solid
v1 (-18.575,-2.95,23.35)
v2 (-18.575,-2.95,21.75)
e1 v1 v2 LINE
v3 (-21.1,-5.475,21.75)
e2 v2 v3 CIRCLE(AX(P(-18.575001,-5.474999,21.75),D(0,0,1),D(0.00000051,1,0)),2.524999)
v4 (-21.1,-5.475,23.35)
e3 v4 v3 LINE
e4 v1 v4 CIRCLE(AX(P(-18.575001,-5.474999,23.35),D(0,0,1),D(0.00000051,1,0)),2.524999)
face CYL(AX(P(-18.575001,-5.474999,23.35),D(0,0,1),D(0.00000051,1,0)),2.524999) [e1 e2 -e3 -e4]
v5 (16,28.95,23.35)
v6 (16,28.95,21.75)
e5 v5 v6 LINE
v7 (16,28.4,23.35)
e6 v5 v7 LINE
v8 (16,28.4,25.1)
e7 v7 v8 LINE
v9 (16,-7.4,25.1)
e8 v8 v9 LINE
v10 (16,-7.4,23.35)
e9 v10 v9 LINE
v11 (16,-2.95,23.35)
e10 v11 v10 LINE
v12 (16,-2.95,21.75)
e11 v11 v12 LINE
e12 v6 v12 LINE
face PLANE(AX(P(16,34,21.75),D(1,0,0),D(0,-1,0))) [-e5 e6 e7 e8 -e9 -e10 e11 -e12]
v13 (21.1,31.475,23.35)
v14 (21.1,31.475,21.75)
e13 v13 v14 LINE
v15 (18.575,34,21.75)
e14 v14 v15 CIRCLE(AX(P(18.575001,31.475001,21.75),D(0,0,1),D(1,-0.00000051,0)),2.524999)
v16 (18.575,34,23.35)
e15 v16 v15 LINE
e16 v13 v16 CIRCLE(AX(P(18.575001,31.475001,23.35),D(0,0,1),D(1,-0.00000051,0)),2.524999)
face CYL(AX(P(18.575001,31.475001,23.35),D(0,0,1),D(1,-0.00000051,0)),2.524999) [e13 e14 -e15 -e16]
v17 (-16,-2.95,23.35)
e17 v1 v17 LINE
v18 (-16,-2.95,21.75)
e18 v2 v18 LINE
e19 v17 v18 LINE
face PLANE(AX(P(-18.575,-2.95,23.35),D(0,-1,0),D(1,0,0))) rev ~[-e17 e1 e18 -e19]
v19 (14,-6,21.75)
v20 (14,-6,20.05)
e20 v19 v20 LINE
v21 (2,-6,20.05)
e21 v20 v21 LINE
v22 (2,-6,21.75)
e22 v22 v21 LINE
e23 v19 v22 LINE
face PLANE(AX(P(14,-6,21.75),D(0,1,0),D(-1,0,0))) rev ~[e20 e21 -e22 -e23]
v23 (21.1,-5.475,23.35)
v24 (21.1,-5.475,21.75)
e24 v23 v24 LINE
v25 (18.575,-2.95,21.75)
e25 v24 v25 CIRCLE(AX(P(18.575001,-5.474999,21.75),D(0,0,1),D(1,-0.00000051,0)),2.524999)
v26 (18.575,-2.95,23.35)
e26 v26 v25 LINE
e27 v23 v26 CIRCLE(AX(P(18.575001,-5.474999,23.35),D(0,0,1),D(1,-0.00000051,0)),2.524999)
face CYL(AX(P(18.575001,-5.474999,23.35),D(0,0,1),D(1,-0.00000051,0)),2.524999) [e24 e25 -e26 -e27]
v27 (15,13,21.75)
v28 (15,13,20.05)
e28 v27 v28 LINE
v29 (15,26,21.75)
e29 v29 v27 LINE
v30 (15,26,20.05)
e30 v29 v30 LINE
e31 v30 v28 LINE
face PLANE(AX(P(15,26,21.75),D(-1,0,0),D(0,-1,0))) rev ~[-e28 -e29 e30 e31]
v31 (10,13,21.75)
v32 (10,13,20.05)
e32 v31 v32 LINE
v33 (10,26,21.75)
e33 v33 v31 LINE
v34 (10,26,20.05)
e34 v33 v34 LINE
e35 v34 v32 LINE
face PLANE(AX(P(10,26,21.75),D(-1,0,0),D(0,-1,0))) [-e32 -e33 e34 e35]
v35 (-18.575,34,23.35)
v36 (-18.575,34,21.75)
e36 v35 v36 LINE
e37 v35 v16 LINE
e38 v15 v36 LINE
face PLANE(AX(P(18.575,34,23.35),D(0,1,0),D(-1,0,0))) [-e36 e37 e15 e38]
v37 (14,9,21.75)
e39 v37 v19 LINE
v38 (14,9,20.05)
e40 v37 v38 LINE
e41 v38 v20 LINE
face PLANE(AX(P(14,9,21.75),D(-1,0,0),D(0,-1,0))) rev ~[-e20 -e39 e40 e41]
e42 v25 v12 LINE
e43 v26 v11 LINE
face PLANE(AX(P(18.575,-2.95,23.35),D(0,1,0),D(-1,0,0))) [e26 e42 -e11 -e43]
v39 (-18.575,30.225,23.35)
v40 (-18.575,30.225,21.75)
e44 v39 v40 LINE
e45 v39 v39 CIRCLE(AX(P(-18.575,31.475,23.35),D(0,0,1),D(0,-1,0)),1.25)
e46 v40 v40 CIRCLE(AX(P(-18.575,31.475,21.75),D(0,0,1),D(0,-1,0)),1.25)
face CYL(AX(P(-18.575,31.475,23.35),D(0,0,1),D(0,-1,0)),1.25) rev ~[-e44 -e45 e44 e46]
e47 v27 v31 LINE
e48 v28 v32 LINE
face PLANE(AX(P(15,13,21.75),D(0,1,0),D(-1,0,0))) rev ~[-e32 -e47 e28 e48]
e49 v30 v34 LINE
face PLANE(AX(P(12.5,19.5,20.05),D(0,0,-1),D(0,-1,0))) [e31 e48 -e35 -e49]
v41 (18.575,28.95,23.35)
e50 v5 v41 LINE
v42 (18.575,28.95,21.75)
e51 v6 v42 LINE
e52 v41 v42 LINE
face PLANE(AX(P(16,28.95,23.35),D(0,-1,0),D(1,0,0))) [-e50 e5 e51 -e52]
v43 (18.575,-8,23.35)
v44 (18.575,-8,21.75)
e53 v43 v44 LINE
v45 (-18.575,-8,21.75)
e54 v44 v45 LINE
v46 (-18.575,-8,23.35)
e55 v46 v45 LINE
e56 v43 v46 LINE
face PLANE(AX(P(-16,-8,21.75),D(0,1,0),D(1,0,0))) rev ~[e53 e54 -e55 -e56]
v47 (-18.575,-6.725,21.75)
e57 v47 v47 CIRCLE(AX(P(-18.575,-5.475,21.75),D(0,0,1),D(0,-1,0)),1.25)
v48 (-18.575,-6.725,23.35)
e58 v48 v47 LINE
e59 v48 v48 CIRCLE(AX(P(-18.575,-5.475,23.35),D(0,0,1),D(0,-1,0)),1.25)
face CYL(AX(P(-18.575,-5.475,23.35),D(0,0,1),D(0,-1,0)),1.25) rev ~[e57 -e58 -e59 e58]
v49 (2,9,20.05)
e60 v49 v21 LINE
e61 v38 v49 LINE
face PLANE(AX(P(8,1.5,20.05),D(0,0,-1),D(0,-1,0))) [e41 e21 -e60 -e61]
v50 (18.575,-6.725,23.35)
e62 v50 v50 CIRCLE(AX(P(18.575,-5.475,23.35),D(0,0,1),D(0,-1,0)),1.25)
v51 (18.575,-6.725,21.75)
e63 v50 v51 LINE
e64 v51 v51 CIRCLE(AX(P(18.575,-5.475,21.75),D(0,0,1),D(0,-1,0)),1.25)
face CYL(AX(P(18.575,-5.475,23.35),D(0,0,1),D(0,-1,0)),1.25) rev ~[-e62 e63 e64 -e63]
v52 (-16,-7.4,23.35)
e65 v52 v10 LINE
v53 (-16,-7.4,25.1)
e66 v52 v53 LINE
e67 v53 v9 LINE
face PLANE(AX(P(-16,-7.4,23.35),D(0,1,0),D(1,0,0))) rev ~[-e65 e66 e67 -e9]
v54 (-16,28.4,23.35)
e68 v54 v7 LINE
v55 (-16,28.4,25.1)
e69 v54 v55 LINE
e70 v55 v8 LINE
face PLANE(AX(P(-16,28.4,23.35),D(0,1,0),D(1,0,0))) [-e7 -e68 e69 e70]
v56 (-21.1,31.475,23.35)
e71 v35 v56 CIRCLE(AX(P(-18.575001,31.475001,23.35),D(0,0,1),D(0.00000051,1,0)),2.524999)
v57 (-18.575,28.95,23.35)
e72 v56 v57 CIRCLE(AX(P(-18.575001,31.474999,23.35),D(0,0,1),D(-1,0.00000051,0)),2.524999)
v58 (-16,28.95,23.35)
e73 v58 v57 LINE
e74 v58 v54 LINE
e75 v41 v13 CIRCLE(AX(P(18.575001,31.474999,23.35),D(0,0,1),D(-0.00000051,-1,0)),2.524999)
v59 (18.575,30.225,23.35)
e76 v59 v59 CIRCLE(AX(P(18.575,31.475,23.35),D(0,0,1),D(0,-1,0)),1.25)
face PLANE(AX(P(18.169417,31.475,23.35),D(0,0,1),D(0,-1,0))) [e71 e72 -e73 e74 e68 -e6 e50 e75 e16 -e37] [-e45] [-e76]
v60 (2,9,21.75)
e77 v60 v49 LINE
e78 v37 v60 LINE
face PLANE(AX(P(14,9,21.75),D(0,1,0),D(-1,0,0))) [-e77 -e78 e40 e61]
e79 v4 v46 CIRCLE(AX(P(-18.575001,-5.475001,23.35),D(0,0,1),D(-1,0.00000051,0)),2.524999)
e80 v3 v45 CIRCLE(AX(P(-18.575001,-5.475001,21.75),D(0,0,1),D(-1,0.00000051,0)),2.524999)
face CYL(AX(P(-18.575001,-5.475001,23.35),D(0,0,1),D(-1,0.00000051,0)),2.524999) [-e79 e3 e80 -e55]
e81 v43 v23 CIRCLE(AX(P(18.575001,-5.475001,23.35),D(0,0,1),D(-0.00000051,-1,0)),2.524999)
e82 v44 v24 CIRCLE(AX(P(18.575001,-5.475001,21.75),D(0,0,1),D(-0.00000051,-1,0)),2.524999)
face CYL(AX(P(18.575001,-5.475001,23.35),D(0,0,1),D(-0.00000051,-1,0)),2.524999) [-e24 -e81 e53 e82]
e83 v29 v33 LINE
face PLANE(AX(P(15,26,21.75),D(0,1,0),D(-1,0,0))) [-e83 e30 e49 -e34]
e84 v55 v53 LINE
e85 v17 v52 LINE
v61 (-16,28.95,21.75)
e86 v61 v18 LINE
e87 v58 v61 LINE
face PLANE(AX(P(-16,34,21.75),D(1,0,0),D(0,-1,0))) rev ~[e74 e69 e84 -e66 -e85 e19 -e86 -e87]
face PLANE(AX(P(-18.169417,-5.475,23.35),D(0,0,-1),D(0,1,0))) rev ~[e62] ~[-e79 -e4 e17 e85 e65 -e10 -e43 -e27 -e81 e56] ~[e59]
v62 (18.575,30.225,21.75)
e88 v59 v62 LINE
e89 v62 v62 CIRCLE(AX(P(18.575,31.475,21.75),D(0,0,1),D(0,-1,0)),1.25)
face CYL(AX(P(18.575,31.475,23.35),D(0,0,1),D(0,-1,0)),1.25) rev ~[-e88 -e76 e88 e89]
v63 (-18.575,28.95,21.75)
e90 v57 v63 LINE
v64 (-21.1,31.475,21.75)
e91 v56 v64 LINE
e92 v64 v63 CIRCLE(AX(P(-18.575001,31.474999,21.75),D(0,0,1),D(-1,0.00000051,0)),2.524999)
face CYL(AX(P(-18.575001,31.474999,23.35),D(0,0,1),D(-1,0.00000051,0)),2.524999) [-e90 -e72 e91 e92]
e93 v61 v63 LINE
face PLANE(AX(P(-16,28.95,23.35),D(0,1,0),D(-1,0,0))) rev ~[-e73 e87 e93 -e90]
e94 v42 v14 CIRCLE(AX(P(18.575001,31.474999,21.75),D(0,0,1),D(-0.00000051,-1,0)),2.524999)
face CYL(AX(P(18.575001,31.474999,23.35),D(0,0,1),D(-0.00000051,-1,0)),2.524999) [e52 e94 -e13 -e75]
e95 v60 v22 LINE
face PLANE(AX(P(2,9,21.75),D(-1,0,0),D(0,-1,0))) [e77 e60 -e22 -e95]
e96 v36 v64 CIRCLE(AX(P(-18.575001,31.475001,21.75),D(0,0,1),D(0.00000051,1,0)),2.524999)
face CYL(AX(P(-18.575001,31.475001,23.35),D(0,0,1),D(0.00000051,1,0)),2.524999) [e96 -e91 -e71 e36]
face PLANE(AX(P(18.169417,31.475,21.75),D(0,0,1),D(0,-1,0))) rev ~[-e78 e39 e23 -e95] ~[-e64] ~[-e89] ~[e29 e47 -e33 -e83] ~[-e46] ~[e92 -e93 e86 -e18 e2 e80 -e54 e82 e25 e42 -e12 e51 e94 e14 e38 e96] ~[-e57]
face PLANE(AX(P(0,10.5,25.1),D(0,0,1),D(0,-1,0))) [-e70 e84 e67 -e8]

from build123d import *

# Parameters (mm, degrees)
SKETCH015_W             = 42
SKETCH015_H             = 32
PAD003_DEPTH            = 1.6
SKETCH016_W             = 35.8
SKETCH016_H             = 32
PAD004_DEPTH            = 1.75
SKETCH017_R             = 1.25
PAD005_DEPTH            = 1.6
SKETCH018_W             = 13
SKETCH018_H             = 5
SKETCH018_W_2           = 15
SKETCH018_H_2           = 12
PAD006_DEPTH            = 1.7
BODY002_PLACEMENT_ANGLE = 90


with BuildPart() as part:
    # Sketch015 → Pad003 (new body)
    with BuildSketch(Plane.XY):
        Rectangle(SKETCH015_W, SKETCH015_H)
    extrude(amount=PAD003_DEPTH)

    # Sketch016 (on Face6 of Pad003) → Pad004 (join)
    with BuildSketch(Plane.XY.offset(1.6)):
        with Locations((2.5, 0)):
            Rectangle(SKETCH016_W, SKETCH016_H)
    extrude(amount=PAD004_DEPTH)

    # Sketch017 (on Face3 of Pad004) → Pad005 (join)
    with BuildSketch(Plane.XY.offset(1.6)):
        with BuildLine():
            Line((-21, 16), (-15.95, 16))
            Line((-15.95, 16), (-15.95, 18.575))
            ThreePointArc((-15.95, 18.575), (-16.689555, 20.360445), (-18.475, 21.1))
            ThreePointArc((-18.475, 21.1), (-20.260445, 20.360445), (-21, 18.575))
            Line((-21, 18.575), (-21, 16))
        make_face()
        with Locations((-18.475, 18.575)):
            Circle(SKETCH017_R, mode=Mode.SUBTRACT)
        with BuildLine():
            Line((15.95, 16), (21, 16))
            Line((21, 16), (21, 18.575))
            ThreePointArc((21, 18.575), (20.260445, 20.360445), (18.475, 21.1))
            ThreePointArc((18.475, 21.1), (16.689555, 20.360445), (15.95, 18.575))
            Line((15.95, 18.575), (15.95, 16))
        make_face()
        with Locations((18.475, 18.575)):
            Circle(SKETCH017_R, mode=Mode.SUBTRACT)
        with BuildLine():
            Line((-21, -16), (-15.95, -16))
            Line((-15.95, -16), (-15.95, -18.575))
            ThreePointArc((-18.475, -21.1), (-16.689555, -20.360445), (-15.95, -18.575))
            ThreePointArc((-21, -18.575), (-20.260445, -20.360445), (-18.475, -21.1))
            Line((-21, -18.575), (-21, -16))
        make_face()
        with Locations((-18.475, -18.575)):
            Circle(SKETCH017_R, mode=Mode.SUBTRACT)
        with BuildLine():
            Line((15.95, -16), (21, -16))
            Line((21, -16), (21, -18.575))
            ThreePointArc((18.475, -21.1), (20.260445, -20.360445), (21, -18.575))
            ThreePointArc((15.95, -18.575), (16.689555, -20.360445), (18.475, -21.1))
            Line((15.95, -18.575), (15.95, -16))
        make_face()
        with Locations((18.475, -18.575)):
            Circle(SKETCH017_R, mode=Mode.SUBTRACT)
    extrude(amount=-PAD005_DEPTH)

    # Sketch018 (on Face15 of Pad005) → Pad006 (join)
    with BuildSketch(Plane(origin=(0, 0, 0), x_dir=(1, 0, 0), z_dir=(0, 0, -1))):
        with Locations((-6.5, -12.5)):
            Rectangle(SKETCH018_W, SKETCH018_H)
        with Locations((11.5, -8)):
            Rectangle(SKETCH018_W_2, SKETCH018_H_2)
    extrude(amount=PAD006_DEPTH)


with BuildPart() as part_1:
    # Body002 placement: moved
    add(part.part.moved(Location((0, 13, 21.75))).rotate(Axis((0, 13, 21.75), (0, 0, -1)), BODY002_PLACEMENT_ANGLE))


solid = part_1.part
